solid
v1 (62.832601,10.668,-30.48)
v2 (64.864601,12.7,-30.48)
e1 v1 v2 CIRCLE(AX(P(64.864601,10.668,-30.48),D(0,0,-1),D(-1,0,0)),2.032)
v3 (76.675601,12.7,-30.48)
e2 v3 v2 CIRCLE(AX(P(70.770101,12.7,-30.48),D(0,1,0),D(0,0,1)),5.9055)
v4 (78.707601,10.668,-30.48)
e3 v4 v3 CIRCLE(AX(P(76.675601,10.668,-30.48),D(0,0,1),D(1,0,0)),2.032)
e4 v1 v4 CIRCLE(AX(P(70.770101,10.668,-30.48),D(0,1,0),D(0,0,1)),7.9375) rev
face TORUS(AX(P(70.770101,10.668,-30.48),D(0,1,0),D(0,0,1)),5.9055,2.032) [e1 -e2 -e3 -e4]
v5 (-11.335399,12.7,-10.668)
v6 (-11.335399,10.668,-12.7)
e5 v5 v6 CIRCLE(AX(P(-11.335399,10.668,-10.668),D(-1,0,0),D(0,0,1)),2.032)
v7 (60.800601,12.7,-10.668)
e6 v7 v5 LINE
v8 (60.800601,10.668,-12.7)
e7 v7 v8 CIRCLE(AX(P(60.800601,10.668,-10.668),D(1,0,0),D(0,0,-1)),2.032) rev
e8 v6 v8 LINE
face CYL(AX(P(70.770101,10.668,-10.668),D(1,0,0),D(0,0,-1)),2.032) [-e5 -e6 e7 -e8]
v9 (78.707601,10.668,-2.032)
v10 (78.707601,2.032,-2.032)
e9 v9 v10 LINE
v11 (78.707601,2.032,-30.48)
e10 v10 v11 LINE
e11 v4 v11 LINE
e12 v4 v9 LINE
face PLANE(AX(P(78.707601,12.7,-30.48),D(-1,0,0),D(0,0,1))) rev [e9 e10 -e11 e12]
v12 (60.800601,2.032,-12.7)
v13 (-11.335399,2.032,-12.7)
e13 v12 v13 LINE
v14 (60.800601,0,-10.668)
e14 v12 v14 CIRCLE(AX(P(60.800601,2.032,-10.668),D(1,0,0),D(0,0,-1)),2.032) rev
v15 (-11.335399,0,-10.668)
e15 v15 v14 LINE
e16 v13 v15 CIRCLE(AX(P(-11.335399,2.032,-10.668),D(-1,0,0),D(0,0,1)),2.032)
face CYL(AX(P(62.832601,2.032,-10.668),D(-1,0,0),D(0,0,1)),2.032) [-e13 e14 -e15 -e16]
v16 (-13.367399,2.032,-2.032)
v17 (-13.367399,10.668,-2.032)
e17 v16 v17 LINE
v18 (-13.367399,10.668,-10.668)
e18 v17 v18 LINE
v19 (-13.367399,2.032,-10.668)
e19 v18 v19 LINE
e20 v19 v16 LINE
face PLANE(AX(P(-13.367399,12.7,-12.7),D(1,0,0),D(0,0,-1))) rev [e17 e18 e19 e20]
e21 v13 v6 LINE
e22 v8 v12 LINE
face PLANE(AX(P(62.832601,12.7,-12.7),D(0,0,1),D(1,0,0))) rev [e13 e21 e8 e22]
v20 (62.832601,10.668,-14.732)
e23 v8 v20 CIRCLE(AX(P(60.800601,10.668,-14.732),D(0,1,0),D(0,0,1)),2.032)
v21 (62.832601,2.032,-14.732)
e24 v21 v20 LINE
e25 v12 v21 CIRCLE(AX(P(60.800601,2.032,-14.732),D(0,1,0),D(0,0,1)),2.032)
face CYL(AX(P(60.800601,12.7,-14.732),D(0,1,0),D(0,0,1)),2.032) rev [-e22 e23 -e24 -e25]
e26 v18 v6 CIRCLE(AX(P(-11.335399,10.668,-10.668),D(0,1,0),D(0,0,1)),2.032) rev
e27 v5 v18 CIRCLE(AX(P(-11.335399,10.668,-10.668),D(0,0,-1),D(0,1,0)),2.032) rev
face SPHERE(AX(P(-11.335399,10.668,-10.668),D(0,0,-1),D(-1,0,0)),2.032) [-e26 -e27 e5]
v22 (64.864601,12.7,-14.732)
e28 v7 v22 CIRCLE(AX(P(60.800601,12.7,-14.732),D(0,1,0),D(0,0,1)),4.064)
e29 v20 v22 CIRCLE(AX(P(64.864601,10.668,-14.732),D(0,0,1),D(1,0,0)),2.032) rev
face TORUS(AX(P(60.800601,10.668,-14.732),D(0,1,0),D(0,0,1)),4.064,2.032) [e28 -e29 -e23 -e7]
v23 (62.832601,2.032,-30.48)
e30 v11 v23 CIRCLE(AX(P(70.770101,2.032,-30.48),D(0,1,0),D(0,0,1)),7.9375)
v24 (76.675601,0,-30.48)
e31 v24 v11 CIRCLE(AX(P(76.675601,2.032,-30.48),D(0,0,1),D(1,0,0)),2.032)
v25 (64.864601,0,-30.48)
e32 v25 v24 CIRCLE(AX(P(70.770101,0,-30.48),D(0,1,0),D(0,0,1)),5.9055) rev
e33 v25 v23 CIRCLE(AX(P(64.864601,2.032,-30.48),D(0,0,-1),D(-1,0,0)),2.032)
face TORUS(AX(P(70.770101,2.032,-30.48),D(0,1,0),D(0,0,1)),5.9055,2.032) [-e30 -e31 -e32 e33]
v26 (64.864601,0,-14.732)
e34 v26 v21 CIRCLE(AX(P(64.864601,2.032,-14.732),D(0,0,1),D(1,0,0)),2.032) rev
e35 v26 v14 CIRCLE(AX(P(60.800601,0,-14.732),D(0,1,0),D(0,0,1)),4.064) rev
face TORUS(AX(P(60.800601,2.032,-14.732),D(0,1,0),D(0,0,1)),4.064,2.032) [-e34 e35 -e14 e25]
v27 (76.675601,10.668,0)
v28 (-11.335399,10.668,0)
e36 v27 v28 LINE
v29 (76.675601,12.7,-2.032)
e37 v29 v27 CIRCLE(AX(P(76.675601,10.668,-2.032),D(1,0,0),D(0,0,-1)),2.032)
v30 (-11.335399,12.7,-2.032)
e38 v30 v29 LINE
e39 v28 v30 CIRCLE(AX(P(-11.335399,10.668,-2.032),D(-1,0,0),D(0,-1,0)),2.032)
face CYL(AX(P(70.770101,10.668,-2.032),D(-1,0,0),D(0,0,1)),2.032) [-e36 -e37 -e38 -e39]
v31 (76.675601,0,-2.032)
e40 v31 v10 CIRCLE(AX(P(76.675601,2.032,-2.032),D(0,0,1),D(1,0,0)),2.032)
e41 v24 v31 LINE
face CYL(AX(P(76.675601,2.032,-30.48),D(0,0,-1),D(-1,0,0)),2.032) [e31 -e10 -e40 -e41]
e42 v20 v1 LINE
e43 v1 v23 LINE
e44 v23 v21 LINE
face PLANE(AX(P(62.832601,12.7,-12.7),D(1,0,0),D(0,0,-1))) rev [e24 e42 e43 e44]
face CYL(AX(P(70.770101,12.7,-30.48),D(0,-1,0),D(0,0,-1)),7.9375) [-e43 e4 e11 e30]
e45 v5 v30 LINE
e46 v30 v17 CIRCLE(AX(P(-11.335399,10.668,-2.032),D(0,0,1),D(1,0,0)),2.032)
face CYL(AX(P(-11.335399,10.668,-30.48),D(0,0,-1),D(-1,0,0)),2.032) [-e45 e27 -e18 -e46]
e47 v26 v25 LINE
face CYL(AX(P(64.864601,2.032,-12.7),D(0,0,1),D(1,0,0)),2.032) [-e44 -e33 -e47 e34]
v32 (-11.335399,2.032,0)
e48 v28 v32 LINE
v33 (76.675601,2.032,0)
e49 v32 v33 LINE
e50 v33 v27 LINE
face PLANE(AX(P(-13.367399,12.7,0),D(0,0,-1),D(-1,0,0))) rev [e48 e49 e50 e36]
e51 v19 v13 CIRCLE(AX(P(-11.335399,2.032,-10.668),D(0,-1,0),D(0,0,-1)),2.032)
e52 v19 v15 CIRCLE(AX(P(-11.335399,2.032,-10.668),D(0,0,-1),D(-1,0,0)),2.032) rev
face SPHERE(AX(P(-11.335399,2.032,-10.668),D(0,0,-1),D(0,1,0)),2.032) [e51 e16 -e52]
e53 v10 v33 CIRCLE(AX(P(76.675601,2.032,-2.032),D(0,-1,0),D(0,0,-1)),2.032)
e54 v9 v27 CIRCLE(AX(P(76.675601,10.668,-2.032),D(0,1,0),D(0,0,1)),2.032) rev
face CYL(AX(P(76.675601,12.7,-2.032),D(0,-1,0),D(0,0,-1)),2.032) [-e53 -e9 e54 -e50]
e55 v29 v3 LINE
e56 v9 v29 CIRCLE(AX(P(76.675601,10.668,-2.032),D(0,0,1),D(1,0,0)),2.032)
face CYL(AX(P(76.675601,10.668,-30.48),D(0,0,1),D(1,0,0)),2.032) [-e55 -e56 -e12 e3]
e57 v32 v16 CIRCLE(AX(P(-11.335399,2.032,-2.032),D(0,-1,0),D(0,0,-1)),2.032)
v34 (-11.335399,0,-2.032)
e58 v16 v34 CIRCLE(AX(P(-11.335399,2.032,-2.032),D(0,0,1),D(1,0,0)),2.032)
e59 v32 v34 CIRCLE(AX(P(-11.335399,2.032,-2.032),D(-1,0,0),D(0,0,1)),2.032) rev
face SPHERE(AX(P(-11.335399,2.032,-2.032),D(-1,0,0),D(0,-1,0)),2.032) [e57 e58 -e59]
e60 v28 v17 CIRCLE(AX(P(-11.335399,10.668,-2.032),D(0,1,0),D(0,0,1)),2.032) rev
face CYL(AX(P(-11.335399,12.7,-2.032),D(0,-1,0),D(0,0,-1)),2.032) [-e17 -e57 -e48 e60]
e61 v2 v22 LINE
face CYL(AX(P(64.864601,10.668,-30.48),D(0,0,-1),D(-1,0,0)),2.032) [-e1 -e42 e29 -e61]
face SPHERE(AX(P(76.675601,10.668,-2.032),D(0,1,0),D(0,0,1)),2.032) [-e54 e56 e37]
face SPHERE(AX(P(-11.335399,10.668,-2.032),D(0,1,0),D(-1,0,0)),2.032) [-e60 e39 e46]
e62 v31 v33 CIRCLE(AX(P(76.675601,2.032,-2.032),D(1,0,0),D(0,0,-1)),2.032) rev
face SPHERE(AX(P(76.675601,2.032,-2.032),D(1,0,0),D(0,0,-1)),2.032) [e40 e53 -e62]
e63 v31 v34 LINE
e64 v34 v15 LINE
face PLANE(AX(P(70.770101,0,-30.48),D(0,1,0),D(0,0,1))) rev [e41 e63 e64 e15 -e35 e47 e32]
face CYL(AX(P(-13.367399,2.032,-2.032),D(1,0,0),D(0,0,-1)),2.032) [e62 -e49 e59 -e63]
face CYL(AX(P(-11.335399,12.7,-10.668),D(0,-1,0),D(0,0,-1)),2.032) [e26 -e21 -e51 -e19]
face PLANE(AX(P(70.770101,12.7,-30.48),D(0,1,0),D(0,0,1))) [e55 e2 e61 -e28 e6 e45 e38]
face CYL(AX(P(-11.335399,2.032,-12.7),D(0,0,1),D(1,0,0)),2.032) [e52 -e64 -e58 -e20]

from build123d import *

# Parameters (mm, degrees)
BOSS_EXTRUDE2_DEPTH = 12.7
FILLET1_R           = 2.032


with BuildPart() as part:
    # Sketch1 → Boss-Extrude2 (new body)
    with BuildSketch(Plane(origin=(0, 0, 0), x_dir=(1, 0, 0), z_dir=(0, 1, 0))):
        with BuildLine():
            Line((-13.367399368, 0), (78.707600632, 0))
            Line((78.707600632, 0), (78.707600632, 30.48))
            ThreePointArc((78.707600632, 30.48), (70.770100632, 38.4175), (62.832600632, 30.48))
            Line((62.832600632, 30.48), (62.832600632, 12.7))
            Line((62.832600632, 12.7), (-13.367399368, 12.7))
            Line((-13.367399368, 12.7), (-13.367399368, 0))
        make_face()
    extrude(amount=BOSS_EXTRUDE2_DEPTH)

    # Fillet1
    fillet1_edges = [part.edges().sort_by_distance(p)[0] for p in [
        (-13.367399368, 6.35, -12.7),
        (62.832600632, 6.35, -12.7),
        (78.707600632, 6.35, 0),
        (-13.367399368, 6.35, 0),
        (78.707600632, 12.7, -15.24),
        (70.770100632, 12.7, -38.4175),
        (62.832600632, 12.7, -21.59),
        (24.732600632, 12.7, -12.7),
        (-13.367399368, 12.7, -6.35),
        (24.732600632, 0, -12.7),
        (62.832600632, 0, -21.59),
        (70.770100632, 0, -38.4175),
        (78.707600632, 0, -15.24),
        (32.670100632, 0, 0),
        (-13.367399368, 0, -6.35),
        (32.670100632, 12.7, 0),
    ]]
    fillet(fillet1_edges, radius=FILLET1_R)


solid = part.part
